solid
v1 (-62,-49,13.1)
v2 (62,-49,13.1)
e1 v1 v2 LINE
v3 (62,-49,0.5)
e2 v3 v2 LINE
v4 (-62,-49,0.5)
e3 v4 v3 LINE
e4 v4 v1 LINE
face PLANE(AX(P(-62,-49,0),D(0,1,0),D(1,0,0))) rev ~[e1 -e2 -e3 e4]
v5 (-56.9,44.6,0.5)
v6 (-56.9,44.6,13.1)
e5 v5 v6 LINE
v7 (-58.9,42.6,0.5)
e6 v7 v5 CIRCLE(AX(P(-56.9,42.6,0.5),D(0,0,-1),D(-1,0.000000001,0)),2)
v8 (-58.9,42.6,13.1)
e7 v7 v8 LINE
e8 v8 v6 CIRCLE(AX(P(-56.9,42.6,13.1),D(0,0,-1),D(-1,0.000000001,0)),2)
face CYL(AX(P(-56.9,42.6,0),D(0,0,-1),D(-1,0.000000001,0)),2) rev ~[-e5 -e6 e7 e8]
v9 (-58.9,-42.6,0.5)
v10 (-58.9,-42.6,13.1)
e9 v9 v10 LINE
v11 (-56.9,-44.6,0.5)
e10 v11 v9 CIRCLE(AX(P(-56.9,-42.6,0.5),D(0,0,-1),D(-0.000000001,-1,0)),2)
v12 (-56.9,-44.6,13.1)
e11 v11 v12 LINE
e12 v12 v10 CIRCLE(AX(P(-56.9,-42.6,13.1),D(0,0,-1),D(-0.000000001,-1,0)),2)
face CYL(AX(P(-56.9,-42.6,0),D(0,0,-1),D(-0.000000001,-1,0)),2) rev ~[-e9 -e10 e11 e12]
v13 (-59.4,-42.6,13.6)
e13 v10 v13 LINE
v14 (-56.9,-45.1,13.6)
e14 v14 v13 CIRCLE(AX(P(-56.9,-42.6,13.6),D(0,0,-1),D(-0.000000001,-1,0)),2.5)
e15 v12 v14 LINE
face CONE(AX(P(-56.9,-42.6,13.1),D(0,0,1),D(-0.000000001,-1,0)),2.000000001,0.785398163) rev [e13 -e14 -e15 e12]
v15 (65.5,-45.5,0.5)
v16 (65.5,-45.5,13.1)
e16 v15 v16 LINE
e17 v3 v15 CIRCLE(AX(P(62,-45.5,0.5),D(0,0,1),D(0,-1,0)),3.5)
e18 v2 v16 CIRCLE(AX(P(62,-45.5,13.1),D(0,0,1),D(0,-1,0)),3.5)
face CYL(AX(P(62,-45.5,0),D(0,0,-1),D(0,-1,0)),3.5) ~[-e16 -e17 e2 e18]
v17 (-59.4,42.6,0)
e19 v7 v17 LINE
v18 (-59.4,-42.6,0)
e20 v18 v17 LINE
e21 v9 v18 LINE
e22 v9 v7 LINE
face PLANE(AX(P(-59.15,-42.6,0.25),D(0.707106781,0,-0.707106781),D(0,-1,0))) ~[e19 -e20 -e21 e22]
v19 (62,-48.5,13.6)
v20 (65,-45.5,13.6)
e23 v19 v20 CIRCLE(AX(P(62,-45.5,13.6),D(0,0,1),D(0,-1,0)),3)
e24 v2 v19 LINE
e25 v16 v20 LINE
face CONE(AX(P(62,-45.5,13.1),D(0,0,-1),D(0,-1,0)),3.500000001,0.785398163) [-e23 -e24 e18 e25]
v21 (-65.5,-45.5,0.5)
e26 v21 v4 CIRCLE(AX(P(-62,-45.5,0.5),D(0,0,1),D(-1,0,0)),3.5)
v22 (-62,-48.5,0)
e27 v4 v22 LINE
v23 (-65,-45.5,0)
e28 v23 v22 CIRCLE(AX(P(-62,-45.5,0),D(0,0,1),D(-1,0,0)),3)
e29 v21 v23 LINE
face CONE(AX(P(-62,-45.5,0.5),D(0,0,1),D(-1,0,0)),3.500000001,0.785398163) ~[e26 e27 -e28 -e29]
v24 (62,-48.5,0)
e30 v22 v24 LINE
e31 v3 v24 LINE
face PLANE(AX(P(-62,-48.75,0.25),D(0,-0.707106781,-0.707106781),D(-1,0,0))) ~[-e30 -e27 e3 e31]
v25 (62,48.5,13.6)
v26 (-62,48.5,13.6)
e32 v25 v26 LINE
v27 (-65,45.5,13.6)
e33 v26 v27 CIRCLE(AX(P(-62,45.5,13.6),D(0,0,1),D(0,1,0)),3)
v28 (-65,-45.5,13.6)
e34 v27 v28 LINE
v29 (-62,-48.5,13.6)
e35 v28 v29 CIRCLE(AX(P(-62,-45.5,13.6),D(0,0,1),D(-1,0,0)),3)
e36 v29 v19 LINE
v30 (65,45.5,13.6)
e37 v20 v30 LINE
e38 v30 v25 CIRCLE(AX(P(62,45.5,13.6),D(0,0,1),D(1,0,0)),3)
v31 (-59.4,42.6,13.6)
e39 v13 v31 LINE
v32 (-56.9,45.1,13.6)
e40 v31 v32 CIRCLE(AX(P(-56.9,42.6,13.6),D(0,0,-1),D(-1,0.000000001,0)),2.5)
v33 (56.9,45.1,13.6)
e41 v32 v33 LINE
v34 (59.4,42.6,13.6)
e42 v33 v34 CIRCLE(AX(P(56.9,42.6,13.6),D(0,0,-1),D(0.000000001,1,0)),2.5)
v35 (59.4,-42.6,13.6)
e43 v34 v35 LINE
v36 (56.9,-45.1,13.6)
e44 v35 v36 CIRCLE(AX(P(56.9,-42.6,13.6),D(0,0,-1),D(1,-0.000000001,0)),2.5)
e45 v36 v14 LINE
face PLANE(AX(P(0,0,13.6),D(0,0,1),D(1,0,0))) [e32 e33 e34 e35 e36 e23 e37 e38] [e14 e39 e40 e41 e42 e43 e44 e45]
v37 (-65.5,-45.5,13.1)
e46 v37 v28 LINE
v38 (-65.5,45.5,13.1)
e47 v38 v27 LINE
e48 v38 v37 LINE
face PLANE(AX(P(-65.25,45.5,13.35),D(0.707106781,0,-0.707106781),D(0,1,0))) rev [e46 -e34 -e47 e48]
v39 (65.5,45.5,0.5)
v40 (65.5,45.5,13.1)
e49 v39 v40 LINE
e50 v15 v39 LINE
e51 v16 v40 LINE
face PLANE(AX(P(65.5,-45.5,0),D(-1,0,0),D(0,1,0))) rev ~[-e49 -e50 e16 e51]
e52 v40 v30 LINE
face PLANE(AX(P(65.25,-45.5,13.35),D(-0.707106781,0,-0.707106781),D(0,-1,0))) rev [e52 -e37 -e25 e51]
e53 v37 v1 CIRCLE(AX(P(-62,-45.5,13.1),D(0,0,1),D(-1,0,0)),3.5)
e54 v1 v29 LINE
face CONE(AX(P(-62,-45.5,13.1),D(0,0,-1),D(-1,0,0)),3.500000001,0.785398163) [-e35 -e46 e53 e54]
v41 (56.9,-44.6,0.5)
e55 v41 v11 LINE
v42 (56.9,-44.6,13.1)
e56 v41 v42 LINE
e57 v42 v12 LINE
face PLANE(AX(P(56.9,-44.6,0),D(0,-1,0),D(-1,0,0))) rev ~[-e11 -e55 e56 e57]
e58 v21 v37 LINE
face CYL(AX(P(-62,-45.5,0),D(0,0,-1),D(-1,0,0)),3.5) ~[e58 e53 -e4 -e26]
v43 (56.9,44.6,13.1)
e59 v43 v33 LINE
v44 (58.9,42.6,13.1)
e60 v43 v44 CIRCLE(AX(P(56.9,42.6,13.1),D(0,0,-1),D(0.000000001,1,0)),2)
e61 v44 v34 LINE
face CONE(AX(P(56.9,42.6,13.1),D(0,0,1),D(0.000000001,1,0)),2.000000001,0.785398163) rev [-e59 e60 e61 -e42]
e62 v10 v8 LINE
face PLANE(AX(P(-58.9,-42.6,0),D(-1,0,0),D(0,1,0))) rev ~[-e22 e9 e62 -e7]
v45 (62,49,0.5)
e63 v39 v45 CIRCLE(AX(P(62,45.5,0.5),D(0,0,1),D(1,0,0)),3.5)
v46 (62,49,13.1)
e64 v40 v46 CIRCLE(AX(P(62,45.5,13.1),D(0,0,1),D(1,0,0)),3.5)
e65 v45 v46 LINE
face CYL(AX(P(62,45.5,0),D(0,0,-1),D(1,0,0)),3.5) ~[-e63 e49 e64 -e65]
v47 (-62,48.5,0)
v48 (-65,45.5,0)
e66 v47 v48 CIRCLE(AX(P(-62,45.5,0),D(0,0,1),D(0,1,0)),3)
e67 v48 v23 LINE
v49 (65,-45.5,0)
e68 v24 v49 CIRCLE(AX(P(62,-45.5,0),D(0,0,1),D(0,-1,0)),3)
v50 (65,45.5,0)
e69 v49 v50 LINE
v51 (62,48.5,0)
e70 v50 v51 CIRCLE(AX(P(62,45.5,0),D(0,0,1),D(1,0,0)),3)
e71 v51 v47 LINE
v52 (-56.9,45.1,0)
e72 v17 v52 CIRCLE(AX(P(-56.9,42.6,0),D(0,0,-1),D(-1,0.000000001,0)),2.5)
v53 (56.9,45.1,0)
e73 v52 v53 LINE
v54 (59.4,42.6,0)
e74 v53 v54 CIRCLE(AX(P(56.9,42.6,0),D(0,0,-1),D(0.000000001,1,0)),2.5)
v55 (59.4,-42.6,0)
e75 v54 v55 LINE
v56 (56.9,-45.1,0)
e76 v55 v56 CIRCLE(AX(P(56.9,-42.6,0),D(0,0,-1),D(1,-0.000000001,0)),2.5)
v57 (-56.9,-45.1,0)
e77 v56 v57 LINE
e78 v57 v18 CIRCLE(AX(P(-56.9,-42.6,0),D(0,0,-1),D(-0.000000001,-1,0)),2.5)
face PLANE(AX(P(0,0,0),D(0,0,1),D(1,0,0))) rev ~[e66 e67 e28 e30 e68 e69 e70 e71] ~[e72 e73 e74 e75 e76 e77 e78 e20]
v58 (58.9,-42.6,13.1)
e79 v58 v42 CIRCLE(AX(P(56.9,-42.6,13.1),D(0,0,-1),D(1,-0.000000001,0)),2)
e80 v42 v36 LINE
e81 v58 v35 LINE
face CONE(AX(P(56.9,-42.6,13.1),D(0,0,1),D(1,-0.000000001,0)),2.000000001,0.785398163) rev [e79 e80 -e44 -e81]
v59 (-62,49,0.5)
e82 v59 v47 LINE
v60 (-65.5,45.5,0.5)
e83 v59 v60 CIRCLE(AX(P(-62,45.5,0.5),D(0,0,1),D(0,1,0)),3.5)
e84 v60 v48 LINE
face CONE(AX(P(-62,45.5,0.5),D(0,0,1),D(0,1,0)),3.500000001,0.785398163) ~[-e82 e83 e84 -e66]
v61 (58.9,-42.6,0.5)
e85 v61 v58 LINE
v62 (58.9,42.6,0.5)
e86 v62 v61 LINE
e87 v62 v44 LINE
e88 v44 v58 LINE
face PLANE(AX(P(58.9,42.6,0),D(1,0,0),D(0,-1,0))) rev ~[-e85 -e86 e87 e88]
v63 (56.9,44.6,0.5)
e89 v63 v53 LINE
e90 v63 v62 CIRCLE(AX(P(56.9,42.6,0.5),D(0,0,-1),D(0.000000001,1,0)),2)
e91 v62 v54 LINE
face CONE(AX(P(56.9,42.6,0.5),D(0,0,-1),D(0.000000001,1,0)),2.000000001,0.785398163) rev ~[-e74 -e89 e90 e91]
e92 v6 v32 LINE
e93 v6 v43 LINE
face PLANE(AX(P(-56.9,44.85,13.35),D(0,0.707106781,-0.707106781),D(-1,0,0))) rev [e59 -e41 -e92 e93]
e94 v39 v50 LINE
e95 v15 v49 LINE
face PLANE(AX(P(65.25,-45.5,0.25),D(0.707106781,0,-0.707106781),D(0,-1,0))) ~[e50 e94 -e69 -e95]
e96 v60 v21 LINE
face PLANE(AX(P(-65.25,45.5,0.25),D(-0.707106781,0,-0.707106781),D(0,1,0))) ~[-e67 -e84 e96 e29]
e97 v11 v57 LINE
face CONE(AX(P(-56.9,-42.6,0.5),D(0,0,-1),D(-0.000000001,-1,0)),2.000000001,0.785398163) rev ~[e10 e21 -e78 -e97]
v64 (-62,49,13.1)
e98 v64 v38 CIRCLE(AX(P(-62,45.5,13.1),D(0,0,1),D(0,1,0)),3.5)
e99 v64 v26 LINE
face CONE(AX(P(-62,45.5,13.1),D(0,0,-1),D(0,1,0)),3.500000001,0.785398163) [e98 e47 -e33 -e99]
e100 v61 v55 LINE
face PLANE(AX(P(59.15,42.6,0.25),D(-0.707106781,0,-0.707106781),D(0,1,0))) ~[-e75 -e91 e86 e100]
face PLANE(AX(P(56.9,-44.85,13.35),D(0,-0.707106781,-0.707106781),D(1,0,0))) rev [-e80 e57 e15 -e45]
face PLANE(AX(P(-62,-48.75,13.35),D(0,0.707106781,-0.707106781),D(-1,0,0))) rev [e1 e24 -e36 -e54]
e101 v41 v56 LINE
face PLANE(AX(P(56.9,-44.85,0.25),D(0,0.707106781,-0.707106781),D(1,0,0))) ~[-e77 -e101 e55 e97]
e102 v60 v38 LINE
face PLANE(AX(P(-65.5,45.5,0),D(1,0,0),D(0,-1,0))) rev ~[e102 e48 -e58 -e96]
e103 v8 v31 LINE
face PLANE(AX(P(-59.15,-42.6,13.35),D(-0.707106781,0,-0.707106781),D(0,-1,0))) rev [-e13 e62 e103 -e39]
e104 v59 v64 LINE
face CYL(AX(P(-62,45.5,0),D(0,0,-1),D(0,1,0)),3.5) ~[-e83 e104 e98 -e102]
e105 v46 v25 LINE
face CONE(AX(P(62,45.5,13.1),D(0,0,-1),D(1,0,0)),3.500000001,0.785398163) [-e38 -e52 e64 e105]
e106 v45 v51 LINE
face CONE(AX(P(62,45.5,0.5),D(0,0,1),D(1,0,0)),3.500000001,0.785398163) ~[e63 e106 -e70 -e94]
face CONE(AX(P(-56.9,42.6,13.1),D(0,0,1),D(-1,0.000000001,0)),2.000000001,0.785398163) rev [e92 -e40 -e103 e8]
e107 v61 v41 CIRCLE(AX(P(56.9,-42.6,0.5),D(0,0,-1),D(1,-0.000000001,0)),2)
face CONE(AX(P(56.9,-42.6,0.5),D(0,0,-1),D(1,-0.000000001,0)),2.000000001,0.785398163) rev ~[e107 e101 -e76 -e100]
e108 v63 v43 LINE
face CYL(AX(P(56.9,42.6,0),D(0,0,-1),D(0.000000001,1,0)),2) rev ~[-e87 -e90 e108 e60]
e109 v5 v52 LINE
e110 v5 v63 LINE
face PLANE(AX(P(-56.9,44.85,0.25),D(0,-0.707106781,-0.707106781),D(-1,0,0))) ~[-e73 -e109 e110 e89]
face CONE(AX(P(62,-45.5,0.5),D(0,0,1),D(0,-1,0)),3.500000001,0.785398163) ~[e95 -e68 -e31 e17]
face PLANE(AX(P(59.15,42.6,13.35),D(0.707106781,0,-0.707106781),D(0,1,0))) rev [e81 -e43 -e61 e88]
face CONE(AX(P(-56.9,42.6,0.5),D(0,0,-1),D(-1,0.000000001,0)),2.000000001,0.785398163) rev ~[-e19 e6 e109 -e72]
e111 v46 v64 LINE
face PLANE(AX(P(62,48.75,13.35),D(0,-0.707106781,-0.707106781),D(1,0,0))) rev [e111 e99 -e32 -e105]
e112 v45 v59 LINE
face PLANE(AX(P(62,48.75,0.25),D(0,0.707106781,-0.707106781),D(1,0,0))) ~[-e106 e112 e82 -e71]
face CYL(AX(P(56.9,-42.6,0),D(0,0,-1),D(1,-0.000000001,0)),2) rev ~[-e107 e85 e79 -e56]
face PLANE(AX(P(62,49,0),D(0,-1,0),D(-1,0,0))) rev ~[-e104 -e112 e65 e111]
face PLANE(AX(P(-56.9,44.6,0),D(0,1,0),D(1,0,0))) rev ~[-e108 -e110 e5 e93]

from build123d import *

# Parameters (mm, degrees)
BOSS_EXTRUDE1_DEPTH = 13.6
DEBURS_SIZE         = 0.5


with BuildPart() as part:
    # Sketch1 → Boss-Extrude1 (new body)
    with BuildSketch(Plane.XY):
        with BuildLine():
            Line((-65.5, 45.5), (-65.5, -45.5))
            ThreePointArc((-65.5, -45.5), (-64.474873734, -47.974873734), (-62, -49))
            Line((-62, -49), (62, -49))
            ThreePointArc((62, -49), (64.474873734, -47.974873734), (65.5, -45.5))
            Line((65.5, -45.5), (65.5, 45.5))
            ThreePointArc((65.5, 45.5), (64.474873734, 47.974873734), (62, 49))
            Line((62, 49), (-62, 49))
            ThreePointArc((-62, 49), (-64.474873734, 47.974873734), (-65.5, 45.5))
        make_face()
        with BuildLine():
            Line((-56.9, 44.6), (56.9, 44.6))
            ThreePointArc((56.9, 44.6), (58.314213562, 44.014213562), (58.9, 42.6))
            Line((58.9, 42.6), (58.9, -42.6))
            ThreePointArc((58.9, -42.6), (58.314213562, -44.014213562), (56.9, -44.6))
            Line((56.9, -44.6), (-56.9, -44.6))
            ThreePointArc((-56.9, -44.6), (-58.314213562, -44.014213562), (-58.9, -42.6))
            Line((-58.9, -42.6), (-58.9, 42.6))
            ThreePointArc((-58.9, 42.6), (-58.314213562, 44.014213562), (-56.9, 44.6))
        make_face(mode=Mode.SUBTRACT)
    extrude(amount=BOSS_EXTRUDE1_DEPTH)

    # Deburs
    deburs_edges = [part.edges().sort_by_distance(p)[0] for p in [
        (58.314213562, 44.014213562, 0),
        (0, 44.6, 0),
        (-58.314213562, 44.014213562, 0),
        (-58.9, 0, 0),
        (-58.314213562, -44.014213562, 0),
        (0, -44.6, 0),
        (-64.474873734, 47.974873734, 13.6),
        (-64.474873734, 47.974873734, 0),
        (-65.5, 0, 13.6),
        (-65.5, 0, 0),
        (-64.474873734, -47.974873734, 13.6),
        (-64.474873734, -47.974873734, 0),
        (0, -49, 13.6),
        (0, -49, 0),
        (64.474873734, -47.974873734, 13.6),
        (64.474873734, -47.974873734, 0),
        (65.5, 0, 13.6),
        (65.5, 0, 0),
        (58.314213562, -44.014213562, 0),
        (64.474873734, 47.974873734, 13.6),
        (64.474873734, 47.974873734, 0),
        (0, 49, 13.6),
        (0, 49, 0),
        (58.314213562, -44.014213562, 13.6),
        (0, -44.6, 13.6),
        (-58.314213562, -44.014213562, 13.6),
        (-58.9, 0, 13.6),
        (-58.314213562, 44.014213562, 13.6),
        (0, 44.6, 13.6),
        (58.314213562, 44.014213562, 13.6),
        (58.9, 0, 13.6),
        (58.9, 0, 0),
    ]]
    chamfer(deburs_edges, length=DEBURS_SIZE)


solid = part.part
